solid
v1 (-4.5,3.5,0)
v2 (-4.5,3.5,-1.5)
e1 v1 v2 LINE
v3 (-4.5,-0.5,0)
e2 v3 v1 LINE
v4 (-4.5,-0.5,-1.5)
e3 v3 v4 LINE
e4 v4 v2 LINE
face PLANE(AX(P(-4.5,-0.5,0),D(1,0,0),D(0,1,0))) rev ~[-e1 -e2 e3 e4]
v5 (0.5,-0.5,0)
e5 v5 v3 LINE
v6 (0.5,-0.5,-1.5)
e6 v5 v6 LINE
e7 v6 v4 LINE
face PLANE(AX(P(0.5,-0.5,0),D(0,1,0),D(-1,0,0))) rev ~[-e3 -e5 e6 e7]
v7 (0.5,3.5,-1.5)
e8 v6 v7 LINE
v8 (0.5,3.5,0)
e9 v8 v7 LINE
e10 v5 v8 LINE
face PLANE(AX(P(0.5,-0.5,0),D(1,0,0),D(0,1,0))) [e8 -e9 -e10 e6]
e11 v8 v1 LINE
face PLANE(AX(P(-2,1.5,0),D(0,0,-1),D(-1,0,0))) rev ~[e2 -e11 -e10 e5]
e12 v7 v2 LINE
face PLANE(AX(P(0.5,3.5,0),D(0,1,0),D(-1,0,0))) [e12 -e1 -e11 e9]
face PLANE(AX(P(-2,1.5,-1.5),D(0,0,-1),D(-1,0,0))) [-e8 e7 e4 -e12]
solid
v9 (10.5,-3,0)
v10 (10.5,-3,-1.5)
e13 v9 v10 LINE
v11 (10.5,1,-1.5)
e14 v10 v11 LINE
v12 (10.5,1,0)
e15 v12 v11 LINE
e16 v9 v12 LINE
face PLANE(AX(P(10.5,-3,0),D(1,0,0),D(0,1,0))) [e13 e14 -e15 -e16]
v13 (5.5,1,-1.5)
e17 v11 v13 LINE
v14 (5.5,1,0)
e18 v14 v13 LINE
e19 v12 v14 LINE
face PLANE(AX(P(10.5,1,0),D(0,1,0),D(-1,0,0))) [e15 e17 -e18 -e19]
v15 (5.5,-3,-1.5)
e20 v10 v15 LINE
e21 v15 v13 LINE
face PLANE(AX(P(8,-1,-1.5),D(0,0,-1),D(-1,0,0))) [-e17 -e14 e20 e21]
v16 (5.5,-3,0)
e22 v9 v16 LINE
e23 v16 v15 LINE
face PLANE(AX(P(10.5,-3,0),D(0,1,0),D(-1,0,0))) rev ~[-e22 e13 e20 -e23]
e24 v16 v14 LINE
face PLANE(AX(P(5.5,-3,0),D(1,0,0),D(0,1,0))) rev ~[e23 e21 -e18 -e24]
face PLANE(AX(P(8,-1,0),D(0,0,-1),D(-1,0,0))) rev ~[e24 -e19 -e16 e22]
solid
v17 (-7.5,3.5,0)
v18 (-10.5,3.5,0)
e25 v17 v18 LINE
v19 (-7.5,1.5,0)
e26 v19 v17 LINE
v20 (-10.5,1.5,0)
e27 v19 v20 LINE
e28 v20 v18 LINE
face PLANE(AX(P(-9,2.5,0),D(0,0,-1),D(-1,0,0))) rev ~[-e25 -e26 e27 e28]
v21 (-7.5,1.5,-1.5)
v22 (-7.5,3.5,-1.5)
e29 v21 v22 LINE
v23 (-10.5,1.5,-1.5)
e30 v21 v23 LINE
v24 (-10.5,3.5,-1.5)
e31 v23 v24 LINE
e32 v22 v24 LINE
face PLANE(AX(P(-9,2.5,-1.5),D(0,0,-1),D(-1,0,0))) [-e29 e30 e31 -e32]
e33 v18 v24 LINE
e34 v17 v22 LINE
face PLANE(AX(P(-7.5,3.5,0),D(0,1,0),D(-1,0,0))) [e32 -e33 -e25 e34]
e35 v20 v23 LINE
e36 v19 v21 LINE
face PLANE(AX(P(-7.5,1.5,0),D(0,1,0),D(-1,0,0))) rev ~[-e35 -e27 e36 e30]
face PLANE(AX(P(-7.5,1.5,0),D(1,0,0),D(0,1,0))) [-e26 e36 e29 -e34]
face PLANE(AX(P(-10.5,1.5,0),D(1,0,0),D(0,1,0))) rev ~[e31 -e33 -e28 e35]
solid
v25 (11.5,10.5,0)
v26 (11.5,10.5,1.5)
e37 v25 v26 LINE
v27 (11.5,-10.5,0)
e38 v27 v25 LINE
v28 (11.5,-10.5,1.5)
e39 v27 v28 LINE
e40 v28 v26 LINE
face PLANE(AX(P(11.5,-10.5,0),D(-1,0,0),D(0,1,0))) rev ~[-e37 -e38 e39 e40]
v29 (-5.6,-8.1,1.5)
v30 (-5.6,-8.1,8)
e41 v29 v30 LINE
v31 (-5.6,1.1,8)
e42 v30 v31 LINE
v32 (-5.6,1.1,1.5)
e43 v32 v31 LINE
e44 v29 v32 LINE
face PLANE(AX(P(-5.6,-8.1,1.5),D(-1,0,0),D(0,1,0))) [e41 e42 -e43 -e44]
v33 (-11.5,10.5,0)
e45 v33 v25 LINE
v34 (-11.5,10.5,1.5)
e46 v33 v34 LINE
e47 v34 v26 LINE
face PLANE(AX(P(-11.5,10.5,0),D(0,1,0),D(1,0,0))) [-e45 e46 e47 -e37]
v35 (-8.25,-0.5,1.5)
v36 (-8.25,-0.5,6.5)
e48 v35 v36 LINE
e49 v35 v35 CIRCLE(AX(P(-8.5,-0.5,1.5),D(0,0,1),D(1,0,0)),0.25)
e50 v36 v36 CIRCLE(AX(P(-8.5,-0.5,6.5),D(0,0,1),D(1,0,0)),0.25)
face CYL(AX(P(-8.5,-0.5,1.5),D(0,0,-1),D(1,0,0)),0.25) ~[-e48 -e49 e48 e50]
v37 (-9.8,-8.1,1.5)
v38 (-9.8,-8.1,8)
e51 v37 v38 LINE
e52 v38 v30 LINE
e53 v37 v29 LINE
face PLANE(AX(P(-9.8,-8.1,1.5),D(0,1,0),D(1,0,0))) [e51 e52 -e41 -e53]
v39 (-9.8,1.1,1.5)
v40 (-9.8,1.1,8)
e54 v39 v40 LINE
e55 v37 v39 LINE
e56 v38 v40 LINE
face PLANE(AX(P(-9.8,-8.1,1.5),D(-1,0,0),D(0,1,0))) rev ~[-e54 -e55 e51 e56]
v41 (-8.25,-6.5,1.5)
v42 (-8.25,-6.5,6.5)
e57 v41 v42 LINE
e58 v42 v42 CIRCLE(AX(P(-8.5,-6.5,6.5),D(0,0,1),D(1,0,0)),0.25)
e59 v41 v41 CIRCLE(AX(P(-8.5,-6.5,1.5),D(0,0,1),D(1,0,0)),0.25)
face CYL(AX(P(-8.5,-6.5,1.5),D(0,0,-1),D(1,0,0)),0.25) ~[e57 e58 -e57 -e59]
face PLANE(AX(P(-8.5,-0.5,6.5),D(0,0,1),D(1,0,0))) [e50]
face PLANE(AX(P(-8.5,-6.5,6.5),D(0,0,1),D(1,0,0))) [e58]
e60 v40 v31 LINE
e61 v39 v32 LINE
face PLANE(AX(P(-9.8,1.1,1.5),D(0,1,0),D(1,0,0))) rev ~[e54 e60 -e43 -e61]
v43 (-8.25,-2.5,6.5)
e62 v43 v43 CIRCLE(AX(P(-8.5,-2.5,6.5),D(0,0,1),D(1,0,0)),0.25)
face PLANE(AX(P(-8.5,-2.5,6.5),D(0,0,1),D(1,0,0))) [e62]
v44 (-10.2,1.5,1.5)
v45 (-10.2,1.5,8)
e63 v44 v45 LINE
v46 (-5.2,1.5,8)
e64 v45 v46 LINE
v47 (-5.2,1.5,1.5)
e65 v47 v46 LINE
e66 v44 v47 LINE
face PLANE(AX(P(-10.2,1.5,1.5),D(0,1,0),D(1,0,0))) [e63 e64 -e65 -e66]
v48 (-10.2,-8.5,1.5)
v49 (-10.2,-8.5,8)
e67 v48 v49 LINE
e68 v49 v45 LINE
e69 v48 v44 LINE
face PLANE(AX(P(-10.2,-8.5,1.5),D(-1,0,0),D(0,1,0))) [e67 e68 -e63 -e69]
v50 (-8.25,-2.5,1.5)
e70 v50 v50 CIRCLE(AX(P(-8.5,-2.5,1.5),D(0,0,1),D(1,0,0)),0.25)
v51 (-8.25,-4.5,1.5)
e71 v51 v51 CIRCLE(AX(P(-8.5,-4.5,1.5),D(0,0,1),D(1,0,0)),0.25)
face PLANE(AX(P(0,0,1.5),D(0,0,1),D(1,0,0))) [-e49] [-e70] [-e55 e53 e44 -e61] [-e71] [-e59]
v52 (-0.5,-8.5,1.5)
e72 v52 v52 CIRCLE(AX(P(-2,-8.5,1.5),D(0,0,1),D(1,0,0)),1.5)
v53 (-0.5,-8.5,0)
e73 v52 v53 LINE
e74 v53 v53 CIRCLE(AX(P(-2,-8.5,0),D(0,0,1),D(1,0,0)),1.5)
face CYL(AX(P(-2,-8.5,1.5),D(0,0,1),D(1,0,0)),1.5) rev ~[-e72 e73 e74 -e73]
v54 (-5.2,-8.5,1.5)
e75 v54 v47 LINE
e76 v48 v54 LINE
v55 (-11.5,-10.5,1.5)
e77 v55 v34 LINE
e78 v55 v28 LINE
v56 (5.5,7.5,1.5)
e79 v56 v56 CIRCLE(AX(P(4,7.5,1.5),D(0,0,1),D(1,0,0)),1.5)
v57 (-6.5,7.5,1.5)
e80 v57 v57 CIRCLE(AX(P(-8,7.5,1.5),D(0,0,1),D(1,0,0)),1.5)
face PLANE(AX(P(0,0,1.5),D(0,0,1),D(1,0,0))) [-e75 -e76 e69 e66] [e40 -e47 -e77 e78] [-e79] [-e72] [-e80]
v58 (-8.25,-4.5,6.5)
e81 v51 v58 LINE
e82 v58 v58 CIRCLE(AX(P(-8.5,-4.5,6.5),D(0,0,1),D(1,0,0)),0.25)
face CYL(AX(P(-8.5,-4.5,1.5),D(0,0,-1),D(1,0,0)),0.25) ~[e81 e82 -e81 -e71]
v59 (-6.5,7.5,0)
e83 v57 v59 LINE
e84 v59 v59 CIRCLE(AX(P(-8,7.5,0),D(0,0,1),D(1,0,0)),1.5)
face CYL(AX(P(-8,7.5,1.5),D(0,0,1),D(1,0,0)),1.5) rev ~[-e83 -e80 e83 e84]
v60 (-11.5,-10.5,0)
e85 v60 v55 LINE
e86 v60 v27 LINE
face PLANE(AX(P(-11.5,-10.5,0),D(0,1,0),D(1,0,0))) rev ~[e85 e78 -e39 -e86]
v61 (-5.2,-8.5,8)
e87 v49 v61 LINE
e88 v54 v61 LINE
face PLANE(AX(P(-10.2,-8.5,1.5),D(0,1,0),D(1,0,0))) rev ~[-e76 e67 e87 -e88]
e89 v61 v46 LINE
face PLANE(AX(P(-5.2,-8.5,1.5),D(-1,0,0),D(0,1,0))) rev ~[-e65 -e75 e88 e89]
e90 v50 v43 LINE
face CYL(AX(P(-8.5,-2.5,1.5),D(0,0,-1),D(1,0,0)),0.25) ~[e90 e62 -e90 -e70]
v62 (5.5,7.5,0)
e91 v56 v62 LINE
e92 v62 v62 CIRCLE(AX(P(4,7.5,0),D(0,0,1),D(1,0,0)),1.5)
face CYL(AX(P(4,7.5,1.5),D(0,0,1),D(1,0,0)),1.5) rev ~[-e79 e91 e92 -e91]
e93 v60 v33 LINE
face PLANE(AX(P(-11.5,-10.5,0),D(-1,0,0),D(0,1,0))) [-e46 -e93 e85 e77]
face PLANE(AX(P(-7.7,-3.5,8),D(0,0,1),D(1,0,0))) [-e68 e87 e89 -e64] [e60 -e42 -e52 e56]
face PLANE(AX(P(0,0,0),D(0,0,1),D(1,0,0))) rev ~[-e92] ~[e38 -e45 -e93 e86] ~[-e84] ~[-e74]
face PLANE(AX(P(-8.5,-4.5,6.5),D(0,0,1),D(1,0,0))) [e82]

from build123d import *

# Parameters (mm, degrees)
ESQUISSE1_W             = 23
ESQUISSE1_H             = 21
BOSS_EXTRU_1_DEPTH      = 1.5
ESQUISSE2_R             = 0.25
BOSS_EXTRU_2_DEPTH      = 5
BOSS_EXTRU_2_2_DEPTH    = 5
BOSS_EXTRU_2_3_DEPTH    = 5
BOSS_EXTRU_2_4_DEPTH    = 5
ESQUISSE3_R             = 1.5
ENL_V_MAT_EXTRU_1_DEPTH = 17.355427234
ESQUISSE5_W             = 5
ESQUISSE5_H             = 10
ESQUISSE5_W_2           = 4.2
ESQUISSE5_H_2           = 9.2
BOSS_EXTRU_3_DEPTH      = 6.5
ESQUISSE6_W             = 5
ESQUISSE6_H             = 4
BOSS_EXTRU_4_DEPTH      = 1.5
BOSS_EXTRU_4_2_DEPTH    = 1.5
ESQUISSE6_W_2           = 3
ESQUISSE6_H_2           = 2
BOSS_EXTRU_4_3_DEPTH    = 1.5


with BuildPart() as part:
    # Esquisse1 → Boss.-Extru.1 (new body)
    with BuildSketch(Plane.XY):
        Rectangle(ESQUISSE1_W, ESQUISSE1_H)
    extrude(amount=BOSS_EXTRU_1_DEPTH)

    # Esquisse3 → Enlèv. mat.-Extru.1 (cut, through all)
    with BuildSketch(Plane.XY.offset(1.5)):
        with Locations((-8, 7.5)):
            Circle(ESQUISSE3_R)
        with Locations((4, 7.5)):
            Circle(ESQUISSE3_R)
        with Locations((-2, -8.5)):
            Circle(ESQUISSE3_R)
    extrude(amount=-ENL_V_MAT_EXTRU_1_DEPTH, mode=Mode.SUBTRACT)


with BuildPart() as body_2:
    # Esquisse2 → Boss.-Extru.2 (new body)
    with BuildSketch(Plane.XY.offset(1.5)):
        with Locations((-8.5, -0.5)):
            Circle(ESQUISSE2_R)
    extrude(amount=BOSS_EXTRU_2_DEPTH)


    add(part.part)  # Boss.-Extru.3 merges part


with BuildPart() as body_3:
    # Esquisse2 → Boss.-Extru.2 2 (new body)
    with BuildSketch(Plane.XY.offset(1.5)):
        with Locations((-8.5, -2.5)):
            Circle(ESQUISSE2_R)
    extrude(amount=BOSS_EXTRU_2_2_DEPTH)


with BuildPart() as body_4:
    # Esquisse2 → Boss.-Extru.2 3 (new body)
    with BuildSketch(Plane.XY.offset(1.5)):
        with Locations((-8.5, -4.5)):
            Circle(ESQUISSE2_R)
    extrude(amount=BOSS_EXTRU_2_3_DEPTH)


with BuildPart() as body_5:
    # Esquisse2 → Boss.-Extru.2 4 (new body)
    with BuildSketch(Plane.XY.offset(1.5)):
        with Locations((-8.5, -6.5)):
            Circle(ESQUISSE2_R)
    extrude(amount=BOSS_EXTRU_2_4_DEPTH)


with BuildPart() as body_2_1:
    add(body_2.part)

    add(body_3.part)  # Boss.-Extru.3 merges body 3

    add(body_4.part)  # Boss.-Extru.3 merges body 4

    add(body_5.part)  # Boss.-Extru.3 merges body 5
    # Esquisse5 → Boss.-Extru.3 (add)
    with BuildSketch(Plane.XY.offset(1.5)):
        with Locations((-7.7, -3.5)):
            Rectangle(ESQUISSE5_W, ESQUISSE5_H)
        with Locations((-7.7, -3.5)):
            Rectangle(ESQUISSE5_W_2, ESQUISSE5_H_2, mode=Mode.SUBTRACT)
    extrude(amount=BOSS_EXTRU_3_DEPTH)


with BuildPart() as body_2_2:
    # Esquisse6 → Boss.-Extru.4 (new body)
    with BuildSketch(Plane(origin=(0, 0, 0), x_dir=(-1, 0, 0), z_dir=(0, 0, -1))):
        with Locations((-8, -1)):
            Rectangle(ESQUISSE6_W, ESQUISSE6_H)
    extrude(amount=BOSS_EXTRU_4_DEPTH)


with BuildPart() as body_3_2:
    # Esquisse6 → Boss.-Extru.4 2 (new body)
    with BuildSketch(Plane(origin=(0, 0, 0), x_dir=(-1, 0, 0), z_dir=(0, 0, -1))):
        with Locations((2, 1.5)):
            Rectangle(ESQUISSE6_W, ESQUISSE6_H)
    extrude(amount=BOSS_EXTRU_4_2_DEPTH)


with BuildPart() as body_4_2:
    # Esquisse6 → Boss.-Extru.4 3 (new body)
    with BuildSketch(Plane(origin=(0, 0, 0), x_dir=(-1, 0, 0), z_dir=(0, 0, -1))):
        with Locations((9, 2.5)):
            Rectangle(ESQUISSE6_W_2, ESQUISSE6_H_2)
    extrude(amount=BOSS_EXTRU_4_3_DEPTH)


solid = Compound([body_2_1.part, body_2_2.part, body_3_2.part, body_4_2.part])
